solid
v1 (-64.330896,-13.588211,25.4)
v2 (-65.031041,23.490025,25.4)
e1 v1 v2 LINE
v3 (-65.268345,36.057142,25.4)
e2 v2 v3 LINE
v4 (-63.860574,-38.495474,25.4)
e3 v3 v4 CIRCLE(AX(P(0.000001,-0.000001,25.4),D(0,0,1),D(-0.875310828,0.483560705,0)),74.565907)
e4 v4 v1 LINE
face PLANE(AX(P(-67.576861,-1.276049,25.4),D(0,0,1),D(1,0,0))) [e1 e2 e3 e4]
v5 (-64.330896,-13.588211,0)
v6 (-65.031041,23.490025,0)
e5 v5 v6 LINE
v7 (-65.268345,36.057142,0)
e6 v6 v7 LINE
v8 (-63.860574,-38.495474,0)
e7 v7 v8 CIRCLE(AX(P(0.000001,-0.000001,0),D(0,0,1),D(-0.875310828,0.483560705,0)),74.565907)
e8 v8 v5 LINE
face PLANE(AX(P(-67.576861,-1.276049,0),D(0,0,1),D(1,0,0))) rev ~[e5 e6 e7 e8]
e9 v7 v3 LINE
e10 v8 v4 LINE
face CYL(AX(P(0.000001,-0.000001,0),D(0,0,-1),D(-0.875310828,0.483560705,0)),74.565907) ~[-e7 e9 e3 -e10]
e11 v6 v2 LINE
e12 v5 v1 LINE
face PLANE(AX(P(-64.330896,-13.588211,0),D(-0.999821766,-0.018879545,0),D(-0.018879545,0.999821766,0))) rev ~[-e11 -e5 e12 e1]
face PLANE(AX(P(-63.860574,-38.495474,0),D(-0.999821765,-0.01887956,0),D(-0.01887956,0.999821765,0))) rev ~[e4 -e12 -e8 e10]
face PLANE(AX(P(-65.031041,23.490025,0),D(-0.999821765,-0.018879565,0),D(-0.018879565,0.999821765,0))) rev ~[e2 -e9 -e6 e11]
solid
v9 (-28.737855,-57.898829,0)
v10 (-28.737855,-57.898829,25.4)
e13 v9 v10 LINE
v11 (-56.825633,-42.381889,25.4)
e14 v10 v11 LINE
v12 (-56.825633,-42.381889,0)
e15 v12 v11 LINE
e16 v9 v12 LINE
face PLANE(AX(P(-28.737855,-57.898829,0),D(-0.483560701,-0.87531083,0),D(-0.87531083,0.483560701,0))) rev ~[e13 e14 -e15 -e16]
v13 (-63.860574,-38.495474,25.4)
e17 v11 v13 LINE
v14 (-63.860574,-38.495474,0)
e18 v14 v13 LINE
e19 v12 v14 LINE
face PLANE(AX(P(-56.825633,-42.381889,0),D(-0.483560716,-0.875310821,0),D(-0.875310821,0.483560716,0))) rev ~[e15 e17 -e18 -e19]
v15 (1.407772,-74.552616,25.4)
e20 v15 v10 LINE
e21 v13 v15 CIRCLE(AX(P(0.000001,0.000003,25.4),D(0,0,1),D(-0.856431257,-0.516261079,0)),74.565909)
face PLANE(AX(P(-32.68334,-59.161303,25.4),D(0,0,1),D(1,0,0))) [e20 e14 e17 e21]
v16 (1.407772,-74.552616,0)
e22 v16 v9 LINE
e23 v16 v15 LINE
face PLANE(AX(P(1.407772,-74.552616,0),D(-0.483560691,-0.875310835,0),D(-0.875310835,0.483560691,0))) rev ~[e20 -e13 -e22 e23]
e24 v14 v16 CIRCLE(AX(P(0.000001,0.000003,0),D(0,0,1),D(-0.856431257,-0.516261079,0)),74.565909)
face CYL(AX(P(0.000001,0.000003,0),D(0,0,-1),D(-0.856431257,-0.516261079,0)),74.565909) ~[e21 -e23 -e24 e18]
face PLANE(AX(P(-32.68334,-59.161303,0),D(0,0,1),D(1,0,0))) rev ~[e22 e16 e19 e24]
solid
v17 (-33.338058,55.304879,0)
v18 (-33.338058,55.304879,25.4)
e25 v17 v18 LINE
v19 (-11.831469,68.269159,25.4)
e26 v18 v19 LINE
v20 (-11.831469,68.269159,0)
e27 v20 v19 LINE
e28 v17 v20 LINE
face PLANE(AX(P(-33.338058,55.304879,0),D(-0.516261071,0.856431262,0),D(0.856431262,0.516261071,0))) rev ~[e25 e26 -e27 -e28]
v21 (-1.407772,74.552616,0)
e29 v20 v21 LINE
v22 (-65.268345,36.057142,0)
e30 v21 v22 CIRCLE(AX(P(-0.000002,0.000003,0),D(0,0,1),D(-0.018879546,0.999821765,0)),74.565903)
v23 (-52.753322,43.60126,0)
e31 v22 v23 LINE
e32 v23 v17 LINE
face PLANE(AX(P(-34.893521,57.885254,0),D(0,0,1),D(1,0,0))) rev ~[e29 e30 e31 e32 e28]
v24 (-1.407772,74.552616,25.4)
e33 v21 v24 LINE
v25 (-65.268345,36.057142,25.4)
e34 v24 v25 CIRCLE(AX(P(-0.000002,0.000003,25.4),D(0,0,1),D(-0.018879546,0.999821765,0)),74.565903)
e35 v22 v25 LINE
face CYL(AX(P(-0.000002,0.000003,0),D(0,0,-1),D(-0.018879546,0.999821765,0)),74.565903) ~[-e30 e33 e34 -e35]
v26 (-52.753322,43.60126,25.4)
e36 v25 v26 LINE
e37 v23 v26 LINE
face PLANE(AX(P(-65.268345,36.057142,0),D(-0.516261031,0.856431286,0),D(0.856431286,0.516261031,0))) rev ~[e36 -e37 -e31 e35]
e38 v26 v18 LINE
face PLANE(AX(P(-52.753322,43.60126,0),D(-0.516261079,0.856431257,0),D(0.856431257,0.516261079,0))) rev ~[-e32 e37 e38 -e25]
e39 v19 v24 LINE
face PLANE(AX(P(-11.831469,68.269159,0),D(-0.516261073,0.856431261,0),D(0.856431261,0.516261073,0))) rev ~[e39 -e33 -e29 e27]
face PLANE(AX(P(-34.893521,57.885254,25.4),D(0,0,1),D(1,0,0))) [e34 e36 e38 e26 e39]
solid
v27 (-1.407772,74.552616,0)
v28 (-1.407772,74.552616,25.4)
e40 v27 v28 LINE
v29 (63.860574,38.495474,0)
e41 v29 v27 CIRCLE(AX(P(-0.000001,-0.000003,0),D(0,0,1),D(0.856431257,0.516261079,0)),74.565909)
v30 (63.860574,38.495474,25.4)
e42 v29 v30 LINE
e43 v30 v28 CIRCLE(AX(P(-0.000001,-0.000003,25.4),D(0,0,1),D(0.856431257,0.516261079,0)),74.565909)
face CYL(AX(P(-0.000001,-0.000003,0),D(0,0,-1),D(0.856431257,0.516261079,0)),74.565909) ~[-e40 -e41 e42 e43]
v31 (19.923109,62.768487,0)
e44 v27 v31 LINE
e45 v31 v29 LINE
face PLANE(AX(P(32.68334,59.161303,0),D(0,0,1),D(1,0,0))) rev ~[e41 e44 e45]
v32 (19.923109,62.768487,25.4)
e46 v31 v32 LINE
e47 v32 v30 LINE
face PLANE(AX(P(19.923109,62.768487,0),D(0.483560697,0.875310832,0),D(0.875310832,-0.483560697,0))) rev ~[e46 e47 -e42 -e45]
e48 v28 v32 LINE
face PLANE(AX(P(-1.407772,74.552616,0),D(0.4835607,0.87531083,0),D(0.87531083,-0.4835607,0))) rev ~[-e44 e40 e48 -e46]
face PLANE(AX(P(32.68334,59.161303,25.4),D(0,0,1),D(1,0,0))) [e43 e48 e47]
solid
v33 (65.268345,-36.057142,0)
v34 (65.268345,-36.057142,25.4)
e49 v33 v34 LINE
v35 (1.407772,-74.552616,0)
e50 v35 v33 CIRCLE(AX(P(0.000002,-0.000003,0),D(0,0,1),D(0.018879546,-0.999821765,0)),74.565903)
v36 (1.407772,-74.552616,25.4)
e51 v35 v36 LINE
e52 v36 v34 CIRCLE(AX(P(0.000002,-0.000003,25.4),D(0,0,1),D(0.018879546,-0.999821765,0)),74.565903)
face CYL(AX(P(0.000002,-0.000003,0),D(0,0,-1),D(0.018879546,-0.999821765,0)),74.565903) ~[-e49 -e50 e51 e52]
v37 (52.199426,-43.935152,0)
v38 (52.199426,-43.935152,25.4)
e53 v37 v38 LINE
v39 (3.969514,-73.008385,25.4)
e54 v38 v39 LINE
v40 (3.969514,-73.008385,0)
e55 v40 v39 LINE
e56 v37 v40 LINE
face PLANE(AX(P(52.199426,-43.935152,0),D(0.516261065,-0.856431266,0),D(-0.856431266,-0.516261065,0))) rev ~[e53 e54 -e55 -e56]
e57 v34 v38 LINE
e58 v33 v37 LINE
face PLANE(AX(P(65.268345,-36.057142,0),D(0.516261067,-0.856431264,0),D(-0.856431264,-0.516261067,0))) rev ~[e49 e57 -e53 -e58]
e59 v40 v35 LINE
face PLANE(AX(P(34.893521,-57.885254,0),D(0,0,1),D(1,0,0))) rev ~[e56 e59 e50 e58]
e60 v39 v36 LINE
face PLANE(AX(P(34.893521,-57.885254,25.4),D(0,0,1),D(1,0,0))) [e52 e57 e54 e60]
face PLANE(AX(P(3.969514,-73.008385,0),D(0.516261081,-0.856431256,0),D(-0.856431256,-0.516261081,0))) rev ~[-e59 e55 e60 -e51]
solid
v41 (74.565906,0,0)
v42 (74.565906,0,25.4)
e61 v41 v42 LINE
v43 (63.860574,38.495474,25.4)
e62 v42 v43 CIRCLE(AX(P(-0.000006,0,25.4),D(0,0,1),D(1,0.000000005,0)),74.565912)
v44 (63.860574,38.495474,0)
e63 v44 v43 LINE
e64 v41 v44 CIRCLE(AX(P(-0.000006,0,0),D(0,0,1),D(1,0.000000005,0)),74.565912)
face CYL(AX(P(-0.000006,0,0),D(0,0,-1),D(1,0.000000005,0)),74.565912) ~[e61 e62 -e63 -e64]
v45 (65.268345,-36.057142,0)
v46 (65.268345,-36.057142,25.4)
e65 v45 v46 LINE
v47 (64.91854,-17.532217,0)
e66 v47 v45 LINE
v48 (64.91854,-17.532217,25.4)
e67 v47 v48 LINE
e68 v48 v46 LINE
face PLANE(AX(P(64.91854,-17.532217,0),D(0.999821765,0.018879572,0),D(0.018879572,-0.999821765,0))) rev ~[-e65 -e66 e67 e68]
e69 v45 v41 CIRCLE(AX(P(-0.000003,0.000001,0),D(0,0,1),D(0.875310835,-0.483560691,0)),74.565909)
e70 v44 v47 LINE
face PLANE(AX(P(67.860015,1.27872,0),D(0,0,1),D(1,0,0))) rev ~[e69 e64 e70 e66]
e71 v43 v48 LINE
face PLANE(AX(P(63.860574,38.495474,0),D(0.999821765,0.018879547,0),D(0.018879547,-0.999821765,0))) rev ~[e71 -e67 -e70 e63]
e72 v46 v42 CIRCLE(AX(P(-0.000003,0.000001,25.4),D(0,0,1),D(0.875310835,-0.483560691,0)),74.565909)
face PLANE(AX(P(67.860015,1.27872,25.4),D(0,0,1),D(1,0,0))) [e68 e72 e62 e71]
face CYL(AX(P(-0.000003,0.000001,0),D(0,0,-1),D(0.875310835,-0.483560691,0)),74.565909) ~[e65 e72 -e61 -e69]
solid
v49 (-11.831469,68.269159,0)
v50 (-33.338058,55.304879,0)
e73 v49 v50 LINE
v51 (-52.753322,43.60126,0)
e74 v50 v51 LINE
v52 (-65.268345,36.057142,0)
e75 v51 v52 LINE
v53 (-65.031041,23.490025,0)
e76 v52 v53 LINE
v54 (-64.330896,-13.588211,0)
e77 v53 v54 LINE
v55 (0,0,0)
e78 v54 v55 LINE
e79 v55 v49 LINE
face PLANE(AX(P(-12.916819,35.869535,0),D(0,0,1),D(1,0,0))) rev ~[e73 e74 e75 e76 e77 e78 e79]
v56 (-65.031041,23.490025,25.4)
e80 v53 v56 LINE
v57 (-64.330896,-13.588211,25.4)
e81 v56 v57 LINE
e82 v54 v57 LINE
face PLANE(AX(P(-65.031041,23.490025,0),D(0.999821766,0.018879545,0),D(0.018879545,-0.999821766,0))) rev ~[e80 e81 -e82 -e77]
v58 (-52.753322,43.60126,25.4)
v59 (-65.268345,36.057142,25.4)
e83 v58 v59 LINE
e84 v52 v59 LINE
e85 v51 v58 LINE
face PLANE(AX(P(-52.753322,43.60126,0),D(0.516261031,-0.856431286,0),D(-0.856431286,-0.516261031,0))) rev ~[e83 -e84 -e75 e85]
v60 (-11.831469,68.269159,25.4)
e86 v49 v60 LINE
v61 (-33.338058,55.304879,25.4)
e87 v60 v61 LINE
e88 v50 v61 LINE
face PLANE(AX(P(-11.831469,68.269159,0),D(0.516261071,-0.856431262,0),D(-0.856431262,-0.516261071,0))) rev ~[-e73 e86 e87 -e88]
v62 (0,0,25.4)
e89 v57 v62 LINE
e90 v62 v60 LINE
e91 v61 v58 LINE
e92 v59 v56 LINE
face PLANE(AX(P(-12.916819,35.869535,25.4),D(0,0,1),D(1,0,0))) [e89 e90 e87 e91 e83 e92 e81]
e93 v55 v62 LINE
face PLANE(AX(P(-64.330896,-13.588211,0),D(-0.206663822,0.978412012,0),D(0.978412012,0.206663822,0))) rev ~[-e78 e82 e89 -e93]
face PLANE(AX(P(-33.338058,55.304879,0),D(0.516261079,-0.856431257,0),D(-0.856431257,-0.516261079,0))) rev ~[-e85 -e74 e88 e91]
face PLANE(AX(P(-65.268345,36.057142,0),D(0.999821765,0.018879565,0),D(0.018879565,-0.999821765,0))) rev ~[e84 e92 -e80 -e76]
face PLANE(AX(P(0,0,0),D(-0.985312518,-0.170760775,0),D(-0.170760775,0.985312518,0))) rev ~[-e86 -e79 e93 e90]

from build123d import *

# Parameters (mm, degrees)
F1_DEPTH = 25.4
F2_DEPTH = 25.4


with BuildPart() as f1:
    # F0 (on Top) → F1 (new body)
    with BuildSketch(Plane.XY):
        with BuildLine():
            ThreePointArc((65.268345, -36.057142), (72.204112, -18.618285), (74.565906, 0))
            ThreePointArc((74.565906, 0), (71.839738, 19.978148), (63.860574, 38.495474))
            Line((63.860574, 38.495474), (64.91854, -17.532217))
            Line((64.91854, -17.532217), (65.268345, -36.057142))
        make_face()
        with BuildLine():
            Line((19.923109, 62.768487), (63.860574, 38.495474))
            ThreePointArc((63.860574, 38.495474), (36.057142, 65.268345), (-1.407772, 74.552616))
            Line((-1.407772, 74.552616), (19.923109, 62.768487))
        make_face()
        with BuildLine():
            Line((-11.831469, 68.269159), (-1.407772, 74.552616))
            ThreePointArc((-1.407772, 74.552616), (-38.495474, 63.860574), (-65.268345, 36.057142))
            Line((-65.268345, 36.057142), (-52.753322, 43.60126))
            Line((-52.753322, 43.60126), (-33.338058, 55.304879))
            Line((-33.338058, 55.304879), (-11.831469, 68.269159))
        make_face()
        with BuildLine():
            ThreePointArc((-63.860574, -38.495474), (-36.057142, -65.268345), (1.407772, -74.552616))
            Line((1.407772, -74.552616), (-28.737855, -57.898829))
            Line((-28.737855, -57.898829), (-56.825633, -42.381889))
            Line((-56.825633, -42.381889), (-63.860574, -38.495474))
        make_face()
        with BuildLine():
            ThreePointArc((1.407772, -74.552616), (38.495474, -63.860574), (65.268345, -36.057142))
            Line((65.268345, -36.057142), (52.199426, -43.935152))
            Line((52.199426, -43.935152), (3.969514, -73.008385))
            Line((3.969514, -73.008385), (1.407772, -74.552616))
        make_face()
        with BuildLine():
            Line((-65.031041, 23.490025), (-65.268345, 36.057142))
            ThreePointArc((-65.268345, 36.057142), (-74.552616, -1.407772), (-63.860574, -38.495474))
            Line((-63.860574, -38.495474), (-64.330896, -13.588211))
            Line((-64.330896, -13.588211), (-65.031041, 23.490025))
        make_face()
    extrude(amount=F1_DEPTH)


with BuildPart() as f2:
    # F0 (on Top) → F2 (new body)
    with BuildSketch(Plane.XY):
        Polygon((-33.338058, 55.304879), (0, 0), (-11.831469, 68.269159), align=None)
        Polygon((-52.753322, 43.60126), (0, 0), (-33.338058, 55.304879), align=None)
        Polygon((-65.031041, 23.490025), (0, 0), (-52.753322, 43.60126), (-65.268345, 36.057142), align=None)
        Polygon((-64.330896, -13.588211), (0, 0), (-65.031041, 23.490025), align=None)
    extrude(amount=F2_DEPTH)


solid = Compound([f1.part, f2.part])
